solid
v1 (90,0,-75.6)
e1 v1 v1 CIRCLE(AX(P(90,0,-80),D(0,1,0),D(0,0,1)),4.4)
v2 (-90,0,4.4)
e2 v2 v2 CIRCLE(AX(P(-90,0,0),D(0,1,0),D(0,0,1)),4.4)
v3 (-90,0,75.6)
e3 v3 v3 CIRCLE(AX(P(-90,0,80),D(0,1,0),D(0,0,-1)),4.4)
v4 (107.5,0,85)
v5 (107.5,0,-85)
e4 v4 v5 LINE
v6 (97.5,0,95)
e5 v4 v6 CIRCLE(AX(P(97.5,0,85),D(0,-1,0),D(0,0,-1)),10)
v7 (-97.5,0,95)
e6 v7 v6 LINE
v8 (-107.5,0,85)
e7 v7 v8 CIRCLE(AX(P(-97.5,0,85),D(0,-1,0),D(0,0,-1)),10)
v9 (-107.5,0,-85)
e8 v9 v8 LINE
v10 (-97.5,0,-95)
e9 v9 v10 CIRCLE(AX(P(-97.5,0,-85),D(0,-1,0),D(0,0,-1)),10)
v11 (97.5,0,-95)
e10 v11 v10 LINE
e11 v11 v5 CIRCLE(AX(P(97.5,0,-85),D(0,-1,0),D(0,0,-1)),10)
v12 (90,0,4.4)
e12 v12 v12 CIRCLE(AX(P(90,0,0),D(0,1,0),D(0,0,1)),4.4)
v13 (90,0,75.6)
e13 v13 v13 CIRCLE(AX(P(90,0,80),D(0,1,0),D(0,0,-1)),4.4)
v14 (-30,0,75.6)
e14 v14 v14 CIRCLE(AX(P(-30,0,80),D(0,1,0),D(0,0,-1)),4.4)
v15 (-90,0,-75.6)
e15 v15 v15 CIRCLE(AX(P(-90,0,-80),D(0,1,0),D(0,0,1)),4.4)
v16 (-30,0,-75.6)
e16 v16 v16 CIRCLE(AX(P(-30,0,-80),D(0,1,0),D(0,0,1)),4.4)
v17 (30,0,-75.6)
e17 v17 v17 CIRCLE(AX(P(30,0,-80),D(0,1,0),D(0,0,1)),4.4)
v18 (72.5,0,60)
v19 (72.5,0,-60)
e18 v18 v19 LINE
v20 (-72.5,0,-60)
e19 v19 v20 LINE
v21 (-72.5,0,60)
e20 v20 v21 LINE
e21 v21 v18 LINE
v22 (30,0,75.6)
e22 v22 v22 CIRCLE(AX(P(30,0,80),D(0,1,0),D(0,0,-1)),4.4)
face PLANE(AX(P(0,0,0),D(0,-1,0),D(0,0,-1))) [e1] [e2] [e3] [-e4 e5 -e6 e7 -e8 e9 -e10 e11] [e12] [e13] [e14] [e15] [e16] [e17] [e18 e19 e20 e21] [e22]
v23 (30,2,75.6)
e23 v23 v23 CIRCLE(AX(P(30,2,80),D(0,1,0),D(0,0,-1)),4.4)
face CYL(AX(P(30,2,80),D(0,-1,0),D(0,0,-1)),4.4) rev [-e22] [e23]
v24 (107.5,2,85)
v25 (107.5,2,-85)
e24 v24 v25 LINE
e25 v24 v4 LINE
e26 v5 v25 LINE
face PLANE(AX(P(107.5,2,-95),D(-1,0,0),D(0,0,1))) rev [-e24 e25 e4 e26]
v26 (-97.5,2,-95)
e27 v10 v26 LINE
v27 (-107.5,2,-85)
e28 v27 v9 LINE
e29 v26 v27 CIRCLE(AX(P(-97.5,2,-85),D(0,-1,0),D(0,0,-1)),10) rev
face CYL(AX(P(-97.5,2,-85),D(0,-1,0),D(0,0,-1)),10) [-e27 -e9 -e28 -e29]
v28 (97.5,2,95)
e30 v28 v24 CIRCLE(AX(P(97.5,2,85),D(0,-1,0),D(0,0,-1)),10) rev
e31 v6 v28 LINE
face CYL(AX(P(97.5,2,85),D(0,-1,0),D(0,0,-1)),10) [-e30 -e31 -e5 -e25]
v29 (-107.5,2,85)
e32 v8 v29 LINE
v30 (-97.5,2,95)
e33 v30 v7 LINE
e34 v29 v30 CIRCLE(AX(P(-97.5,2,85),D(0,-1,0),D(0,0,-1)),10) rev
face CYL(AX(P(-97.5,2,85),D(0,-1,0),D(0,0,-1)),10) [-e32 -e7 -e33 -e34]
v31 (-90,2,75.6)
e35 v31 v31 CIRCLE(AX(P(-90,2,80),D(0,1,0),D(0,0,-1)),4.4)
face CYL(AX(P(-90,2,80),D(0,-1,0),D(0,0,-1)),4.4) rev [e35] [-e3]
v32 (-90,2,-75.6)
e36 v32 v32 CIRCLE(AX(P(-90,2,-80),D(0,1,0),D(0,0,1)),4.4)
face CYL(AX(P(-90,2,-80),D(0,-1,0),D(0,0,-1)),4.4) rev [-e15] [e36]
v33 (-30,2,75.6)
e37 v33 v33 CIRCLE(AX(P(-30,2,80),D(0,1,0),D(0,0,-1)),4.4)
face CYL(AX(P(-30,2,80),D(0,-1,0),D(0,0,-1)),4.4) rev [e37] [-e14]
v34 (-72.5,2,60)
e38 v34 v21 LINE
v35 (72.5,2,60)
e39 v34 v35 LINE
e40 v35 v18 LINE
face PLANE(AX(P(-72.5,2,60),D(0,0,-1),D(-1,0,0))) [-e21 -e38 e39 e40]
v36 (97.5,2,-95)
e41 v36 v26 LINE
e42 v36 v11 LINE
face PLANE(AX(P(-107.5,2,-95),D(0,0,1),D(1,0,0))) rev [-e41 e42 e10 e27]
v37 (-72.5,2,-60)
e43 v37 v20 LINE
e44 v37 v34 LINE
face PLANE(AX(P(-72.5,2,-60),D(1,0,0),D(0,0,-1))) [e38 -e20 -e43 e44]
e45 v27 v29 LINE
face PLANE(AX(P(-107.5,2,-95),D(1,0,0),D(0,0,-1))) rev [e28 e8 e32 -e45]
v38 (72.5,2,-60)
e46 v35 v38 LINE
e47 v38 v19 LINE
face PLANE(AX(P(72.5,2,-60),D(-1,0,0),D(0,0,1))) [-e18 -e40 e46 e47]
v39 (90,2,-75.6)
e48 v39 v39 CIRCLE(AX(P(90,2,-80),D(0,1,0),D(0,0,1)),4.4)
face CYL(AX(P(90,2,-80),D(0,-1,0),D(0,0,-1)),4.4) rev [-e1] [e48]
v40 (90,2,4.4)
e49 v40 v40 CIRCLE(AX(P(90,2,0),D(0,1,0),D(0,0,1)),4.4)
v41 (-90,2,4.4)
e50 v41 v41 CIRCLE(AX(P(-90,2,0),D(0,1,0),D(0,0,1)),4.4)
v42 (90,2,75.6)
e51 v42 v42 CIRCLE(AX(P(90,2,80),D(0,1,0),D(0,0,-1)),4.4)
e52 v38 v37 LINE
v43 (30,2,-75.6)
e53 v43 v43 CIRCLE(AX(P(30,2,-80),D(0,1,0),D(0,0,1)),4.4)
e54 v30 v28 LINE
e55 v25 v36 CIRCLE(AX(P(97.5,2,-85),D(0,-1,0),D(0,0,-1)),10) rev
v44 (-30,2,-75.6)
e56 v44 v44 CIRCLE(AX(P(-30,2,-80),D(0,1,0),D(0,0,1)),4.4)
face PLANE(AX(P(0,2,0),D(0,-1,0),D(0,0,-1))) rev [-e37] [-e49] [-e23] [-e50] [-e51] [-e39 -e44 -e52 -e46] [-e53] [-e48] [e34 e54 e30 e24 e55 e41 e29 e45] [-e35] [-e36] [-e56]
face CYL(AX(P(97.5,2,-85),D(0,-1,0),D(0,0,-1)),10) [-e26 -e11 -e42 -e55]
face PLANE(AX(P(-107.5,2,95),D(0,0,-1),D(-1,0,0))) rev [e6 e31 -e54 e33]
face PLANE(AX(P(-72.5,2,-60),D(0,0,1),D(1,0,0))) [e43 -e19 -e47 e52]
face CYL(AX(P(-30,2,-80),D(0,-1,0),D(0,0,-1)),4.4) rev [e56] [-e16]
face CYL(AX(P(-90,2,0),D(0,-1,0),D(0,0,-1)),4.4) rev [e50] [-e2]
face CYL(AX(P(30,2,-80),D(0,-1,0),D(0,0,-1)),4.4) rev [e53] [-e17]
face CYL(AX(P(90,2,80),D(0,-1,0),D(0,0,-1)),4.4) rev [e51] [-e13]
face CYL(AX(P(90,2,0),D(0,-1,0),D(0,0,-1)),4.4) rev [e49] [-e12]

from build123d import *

# Parameters (mm, degrees)
SKETCH_1_W      = 215
SKETCH_1_H      = 190
SKETCH_1_R      = 4.4
SKETCH_1_W_2    = 145
SKETCH_1_H_2    = 120
EXTRUDE_1_DEPTH = 2
FILLET_1_R      = 10


with BuildPart() as part:
    # Эскиз1 → Бобышка-Вытянуть1 (new body)
    with BuildSketch(Plane(origin=(0, 0, 0), x_dir=(1, 0, 0), z_dir=(0, 1, 0))):
        Rectangle(SKETCH_1_W, SKETCH_1_H)
        with Locations(Location((-90, 80, 0), (0, 0, 270))):
            Circle(SKETCH_1_R, mode=Mode.SUBTRACT)
        with Locations(Location((-90, -80, 0), (0, 0, 90))):
            Circle(SKETCH_1_R, mode=Mode.SUBTRACT)
        with Locations(Location((-90, 0, 0), (0, 0, 270))):
            Circle(SKETCH_1_R, mode=Mode.SUBTRACT)
        with Locations(Location((-30, -80, 0), (0, 0, 90))):
            Circle(SKETCH_1_R, mode=Mode.SUBTRACT)
        with Locations(Location((-30, 80, 0), (0, 0, 270))):
            Circle(SKETCH_1_R, mode=Mode.SUBTRACT)
        with Locations(Location((30, -80, 0), (0, 0, 90))):
            Circle(SKETCH_1_R, mode=Mode.SUBTRACT)
        with Locations(Location((30, 80, 0), (0, 0, 270))):
            Circle(SKETCH_1_R, mode=Mode.SUBTRACT)
        with Locations(Location((90, -80, 0), (0, 0, 90))):
            Circle(SKETCH_1_R, mode=Mode.SUBTRACT)
        with Locations(Location((90, 0, 0), (0, 0, 270))):
            Circle(SKETCH_1_R, mode=Mode.SUBTRACT)
        with Locations(Location((90, 80, 0), (0, 0, 270))):
            Circle(SKETCH_1_R, mode=Mode.SUBTRACT)
        Rectangle(SKETCH_1_W_2, SKETCH_1_H_2, mode=Mode.SUBTRACT)
    extrude(amount=EXTRUDE_1_DEPTH)

    # Скругление1
    fillet_1_edges = [part.edges().sort_by_distance(p)[0] for p in [
        (107.5, 1, -95),
        (107.5, 1, 95),
        (-107.5, 1, 95),
        (-107.5, 1, -95),
    ]]
    fillet(fillet_1_edges, radius=FILLET_1_R)


solid = part.part
